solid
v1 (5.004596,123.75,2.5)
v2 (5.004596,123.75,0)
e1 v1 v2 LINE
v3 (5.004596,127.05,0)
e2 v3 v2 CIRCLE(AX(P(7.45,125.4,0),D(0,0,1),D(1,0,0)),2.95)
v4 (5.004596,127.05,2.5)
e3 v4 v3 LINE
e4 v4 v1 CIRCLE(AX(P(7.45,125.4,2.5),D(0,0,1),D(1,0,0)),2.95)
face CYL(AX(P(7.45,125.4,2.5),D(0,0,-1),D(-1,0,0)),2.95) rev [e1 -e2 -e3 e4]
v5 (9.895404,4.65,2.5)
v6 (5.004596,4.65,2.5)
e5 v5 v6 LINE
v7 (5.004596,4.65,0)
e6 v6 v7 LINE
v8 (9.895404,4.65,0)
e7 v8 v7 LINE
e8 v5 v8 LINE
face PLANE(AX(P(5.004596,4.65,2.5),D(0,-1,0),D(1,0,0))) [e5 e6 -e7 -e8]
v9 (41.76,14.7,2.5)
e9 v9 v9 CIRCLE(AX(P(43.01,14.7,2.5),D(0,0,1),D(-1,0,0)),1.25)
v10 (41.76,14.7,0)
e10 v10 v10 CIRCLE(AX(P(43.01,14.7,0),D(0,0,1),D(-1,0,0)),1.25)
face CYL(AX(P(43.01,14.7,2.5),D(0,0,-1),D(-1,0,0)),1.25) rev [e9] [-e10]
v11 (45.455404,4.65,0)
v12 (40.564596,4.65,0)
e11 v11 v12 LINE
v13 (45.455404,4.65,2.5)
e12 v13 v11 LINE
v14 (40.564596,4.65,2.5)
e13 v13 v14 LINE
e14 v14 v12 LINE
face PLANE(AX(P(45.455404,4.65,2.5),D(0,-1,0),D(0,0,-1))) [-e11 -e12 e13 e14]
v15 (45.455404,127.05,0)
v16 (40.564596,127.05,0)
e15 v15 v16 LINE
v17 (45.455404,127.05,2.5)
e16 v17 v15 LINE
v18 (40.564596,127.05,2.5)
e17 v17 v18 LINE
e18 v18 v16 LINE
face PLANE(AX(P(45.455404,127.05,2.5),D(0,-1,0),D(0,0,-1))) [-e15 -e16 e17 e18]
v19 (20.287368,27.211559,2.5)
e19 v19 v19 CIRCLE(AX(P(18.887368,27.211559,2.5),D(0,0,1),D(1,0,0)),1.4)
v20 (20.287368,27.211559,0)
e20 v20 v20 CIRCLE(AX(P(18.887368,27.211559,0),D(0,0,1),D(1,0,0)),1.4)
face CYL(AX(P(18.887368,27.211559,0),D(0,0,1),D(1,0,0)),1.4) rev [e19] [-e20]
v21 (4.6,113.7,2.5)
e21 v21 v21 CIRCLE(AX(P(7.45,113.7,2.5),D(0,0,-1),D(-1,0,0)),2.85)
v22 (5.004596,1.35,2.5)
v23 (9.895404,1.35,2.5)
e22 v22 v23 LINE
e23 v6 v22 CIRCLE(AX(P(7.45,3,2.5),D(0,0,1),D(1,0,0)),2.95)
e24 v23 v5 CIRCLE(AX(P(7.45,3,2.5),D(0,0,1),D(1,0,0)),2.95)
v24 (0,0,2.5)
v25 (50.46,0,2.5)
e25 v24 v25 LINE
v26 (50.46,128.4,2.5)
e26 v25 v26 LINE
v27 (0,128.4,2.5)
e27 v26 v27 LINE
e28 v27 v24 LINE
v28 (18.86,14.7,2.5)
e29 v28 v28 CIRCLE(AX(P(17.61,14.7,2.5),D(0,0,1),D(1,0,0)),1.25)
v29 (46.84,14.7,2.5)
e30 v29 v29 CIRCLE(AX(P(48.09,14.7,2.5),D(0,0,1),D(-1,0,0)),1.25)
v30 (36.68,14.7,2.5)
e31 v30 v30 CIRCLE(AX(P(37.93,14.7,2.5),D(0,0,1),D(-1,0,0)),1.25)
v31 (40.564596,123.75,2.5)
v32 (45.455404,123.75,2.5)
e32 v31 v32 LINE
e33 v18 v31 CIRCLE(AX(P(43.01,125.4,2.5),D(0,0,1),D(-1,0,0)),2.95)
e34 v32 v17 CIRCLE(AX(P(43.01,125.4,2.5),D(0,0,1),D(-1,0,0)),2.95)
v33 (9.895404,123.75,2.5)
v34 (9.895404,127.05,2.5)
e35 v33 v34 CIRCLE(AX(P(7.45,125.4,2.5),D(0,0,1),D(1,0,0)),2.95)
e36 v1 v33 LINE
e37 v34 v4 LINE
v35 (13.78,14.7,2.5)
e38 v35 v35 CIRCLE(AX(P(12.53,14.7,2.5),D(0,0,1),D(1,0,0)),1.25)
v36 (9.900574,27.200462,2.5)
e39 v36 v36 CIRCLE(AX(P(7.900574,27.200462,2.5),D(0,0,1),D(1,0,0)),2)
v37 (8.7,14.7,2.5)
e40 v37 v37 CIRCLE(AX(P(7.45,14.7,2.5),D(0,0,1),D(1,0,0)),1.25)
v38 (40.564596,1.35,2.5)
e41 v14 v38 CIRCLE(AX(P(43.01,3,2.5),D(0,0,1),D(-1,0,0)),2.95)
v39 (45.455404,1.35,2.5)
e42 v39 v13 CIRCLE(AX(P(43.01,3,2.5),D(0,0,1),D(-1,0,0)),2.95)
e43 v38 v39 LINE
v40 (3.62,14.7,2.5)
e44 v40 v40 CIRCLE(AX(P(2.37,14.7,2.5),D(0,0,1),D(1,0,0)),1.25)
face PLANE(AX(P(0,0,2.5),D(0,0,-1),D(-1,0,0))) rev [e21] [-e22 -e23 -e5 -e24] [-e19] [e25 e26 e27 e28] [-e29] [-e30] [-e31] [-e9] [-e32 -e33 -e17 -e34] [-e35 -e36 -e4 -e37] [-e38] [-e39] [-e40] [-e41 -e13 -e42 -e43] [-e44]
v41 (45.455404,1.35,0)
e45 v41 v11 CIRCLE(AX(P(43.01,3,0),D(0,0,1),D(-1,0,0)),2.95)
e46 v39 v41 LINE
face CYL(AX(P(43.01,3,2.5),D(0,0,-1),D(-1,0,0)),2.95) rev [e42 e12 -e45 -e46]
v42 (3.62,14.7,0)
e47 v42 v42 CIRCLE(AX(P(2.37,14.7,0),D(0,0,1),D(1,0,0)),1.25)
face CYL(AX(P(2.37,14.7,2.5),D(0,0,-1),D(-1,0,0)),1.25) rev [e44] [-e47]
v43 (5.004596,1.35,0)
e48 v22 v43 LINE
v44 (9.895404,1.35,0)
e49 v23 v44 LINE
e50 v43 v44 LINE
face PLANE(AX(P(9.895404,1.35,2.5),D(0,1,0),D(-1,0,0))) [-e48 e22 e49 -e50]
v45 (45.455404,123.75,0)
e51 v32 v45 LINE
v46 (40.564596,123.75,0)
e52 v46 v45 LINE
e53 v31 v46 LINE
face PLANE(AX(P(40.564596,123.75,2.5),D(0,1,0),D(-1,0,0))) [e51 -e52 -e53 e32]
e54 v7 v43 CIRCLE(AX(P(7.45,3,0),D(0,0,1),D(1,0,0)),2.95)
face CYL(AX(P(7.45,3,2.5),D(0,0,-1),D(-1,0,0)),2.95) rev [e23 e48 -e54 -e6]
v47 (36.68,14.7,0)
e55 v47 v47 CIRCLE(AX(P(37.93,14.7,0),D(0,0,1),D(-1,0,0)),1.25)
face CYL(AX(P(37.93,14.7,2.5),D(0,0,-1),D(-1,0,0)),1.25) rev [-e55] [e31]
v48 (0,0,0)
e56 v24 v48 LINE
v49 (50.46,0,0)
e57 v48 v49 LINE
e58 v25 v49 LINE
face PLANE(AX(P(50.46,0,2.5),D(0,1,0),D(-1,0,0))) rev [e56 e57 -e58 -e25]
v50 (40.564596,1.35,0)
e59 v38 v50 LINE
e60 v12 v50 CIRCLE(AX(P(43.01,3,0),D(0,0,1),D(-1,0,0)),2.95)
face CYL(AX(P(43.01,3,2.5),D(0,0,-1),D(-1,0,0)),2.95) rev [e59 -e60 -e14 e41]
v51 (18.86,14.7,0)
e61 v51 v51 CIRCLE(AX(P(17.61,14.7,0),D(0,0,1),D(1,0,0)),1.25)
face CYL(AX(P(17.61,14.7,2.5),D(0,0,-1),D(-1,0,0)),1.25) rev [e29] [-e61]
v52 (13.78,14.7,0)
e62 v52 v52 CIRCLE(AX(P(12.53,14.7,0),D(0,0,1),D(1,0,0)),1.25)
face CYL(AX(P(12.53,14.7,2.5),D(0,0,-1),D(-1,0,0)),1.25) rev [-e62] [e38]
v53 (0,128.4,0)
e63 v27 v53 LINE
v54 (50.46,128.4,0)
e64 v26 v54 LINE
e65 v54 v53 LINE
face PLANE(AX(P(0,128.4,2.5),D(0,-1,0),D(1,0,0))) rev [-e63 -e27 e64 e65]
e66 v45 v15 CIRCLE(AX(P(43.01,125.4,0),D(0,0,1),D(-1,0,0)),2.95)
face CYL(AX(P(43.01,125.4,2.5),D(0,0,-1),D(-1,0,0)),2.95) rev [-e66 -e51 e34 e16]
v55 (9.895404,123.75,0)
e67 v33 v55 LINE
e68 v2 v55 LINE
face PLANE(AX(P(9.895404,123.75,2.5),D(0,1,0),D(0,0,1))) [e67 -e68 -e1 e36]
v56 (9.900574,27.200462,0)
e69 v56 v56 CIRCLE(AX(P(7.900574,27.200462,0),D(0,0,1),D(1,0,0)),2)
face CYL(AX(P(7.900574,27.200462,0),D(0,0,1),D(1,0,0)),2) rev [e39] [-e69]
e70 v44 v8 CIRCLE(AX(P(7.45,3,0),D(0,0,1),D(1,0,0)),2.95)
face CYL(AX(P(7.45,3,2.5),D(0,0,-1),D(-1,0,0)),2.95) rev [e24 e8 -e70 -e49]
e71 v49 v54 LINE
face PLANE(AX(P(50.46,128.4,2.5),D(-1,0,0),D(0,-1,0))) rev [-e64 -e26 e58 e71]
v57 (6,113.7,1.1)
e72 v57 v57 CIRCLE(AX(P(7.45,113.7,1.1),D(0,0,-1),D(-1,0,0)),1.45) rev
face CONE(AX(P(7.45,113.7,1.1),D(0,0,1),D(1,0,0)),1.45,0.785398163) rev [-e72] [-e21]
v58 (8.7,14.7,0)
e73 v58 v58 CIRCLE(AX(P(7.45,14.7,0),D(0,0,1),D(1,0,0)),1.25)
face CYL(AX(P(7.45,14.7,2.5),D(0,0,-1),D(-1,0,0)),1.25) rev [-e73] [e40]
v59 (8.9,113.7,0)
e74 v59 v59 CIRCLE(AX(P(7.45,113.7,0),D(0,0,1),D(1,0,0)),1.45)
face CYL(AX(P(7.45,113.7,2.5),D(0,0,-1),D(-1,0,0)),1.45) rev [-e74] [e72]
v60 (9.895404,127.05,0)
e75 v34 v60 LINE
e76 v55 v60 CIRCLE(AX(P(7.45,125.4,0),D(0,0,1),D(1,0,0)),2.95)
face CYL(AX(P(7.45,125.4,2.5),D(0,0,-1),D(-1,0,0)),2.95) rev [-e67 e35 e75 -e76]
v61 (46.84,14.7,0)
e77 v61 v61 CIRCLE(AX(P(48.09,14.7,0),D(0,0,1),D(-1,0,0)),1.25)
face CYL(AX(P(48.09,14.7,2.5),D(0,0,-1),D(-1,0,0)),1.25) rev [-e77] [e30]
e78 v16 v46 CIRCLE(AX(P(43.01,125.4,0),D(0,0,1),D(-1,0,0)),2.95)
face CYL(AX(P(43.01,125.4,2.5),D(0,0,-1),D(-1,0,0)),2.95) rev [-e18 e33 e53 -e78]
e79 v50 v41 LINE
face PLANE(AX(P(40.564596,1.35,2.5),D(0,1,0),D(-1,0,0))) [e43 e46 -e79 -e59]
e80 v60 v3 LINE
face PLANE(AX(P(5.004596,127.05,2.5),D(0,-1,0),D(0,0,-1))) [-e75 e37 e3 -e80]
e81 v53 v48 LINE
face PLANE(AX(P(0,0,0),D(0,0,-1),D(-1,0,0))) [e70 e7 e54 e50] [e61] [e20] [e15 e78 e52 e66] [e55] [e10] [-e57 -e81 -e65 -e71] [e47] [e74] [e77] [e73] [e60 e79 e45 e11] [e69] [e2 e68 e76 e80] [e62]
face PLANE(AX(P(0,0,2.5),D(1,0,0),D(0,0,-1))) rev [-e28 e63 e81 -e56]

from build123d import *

# Parameters (mm, degrees)
MODEL_W                 = 50.46
MODEL_H                 = 128.4
MODEL_R                 = 1.25
MODEL_R_2               = 1.45
BOSS_EXTRU_1_DEPTH      = 2.5
CHANFREIN1_SIZE         = 1.4
ESQUISSE1_R             = 1.4
ESQUISSE1_R_2           = 2
ENL_V_MAT_EXTRU_1_DEPTH = 138.98196114


with BuildPart() as part:
    # Model → Boss.-Extru.1 (new body)
    with BuildSketch(Plane.XY):
        with Locations((25.23, 64.2)):
            Rectangle(MODEL_W, MODEL_H)
        with Locations((2.37, 14.7)):
            Circle(MODEL_R, mode=Mode.SUBTRACT)
        with Locations((12.53, 14.7)):
            Circle(MODEL_R, mode=Mode.SUBTRACT)
        with Locations(Location((37.93, 14.7, 0), (0, 0, 180))):
            Circle(MODEL_R, mode=Mode.SUBTRACT)
        with Locations((7.45, 14.7)):
            Circle(MODEL_R, mode=Mode.SUBTRACT)
        with Locations((7.45, 113.7)):
            Circle(MODEL_R_2, mode=Mode.SUBTRACT)
        with Locations((17.61, 14.7)):
            Circle(MODEL_R, mode=Mode.SUBTRACT)
        with Locations(Location((43.01, 14.7, 0), (0, 0, 180))):
            Circle(MODEL_R, mode=Mode.SUBTRACT)
        with Locations(Location((48.09, 14.7, 0), (0, 0, 180))):
            Circle(MODEL_R, mode=Mode.SUBTRACT)
        with BuildLine():
            Line((9.895403852, 123.75), (5.004596148, 123.75))
            ThreePointArc((5.004596148, 123.75), (4.5, 125.4), (5.004596148, 127.05))
            Line((5.004596148, 127.05), (9.895403852, 127.05))
            ThreePointArc((9.895403852, 127.05), (10.4, 125.4), (9.895403852, 123.75))
        make_face(mode=Mode.SUBTRACT)
        with BuildLine():
            Line((9.895403852, 1.35), (5.004596148, 1.35))
            ThreePointArc((5.004596148, 1.35), (4.5, 3), (5.004596148, 4.65))
            Line((5.004596148, 4.65), (9.895403852, 4.65))
            ThreePointArc((9.895403852, 4.65), (10.4, 3), (9.895403852, 1.35))
        make_face(mode=Mode.SUBTRACT)
        with BuildLine():
            Line((40.564596148, 1.35), (45.455403852, 1.35))
            ThreePointArc((45.455403852, 1.35), (45.96, 3), (45.455403852, 4.65))
            Line((45.455403852, 4.65), (40.564596148, 4.65))
            ThreePointArc((40.564596148, 4.65), (40.06, 3), (40.564596148, 1.35))
        make_face(mode=Mode.SUBTRACT)
        with BuildLine():
            Line((40.564596148, 123.75), (45.455403852, 123.75))
            ThreePointArc((45.455403852, 123.75), (45.96, 125.4), (45.455403852, 127.05))
            Line((45.455403852, 127.05), (40.564596148, 127.05))
            ThreePointArc((40.564596148, 127.05), (40.06, 125.4), (40.564596148, 123.75))
        make_face(mode=Mode.SUBTRACT)
    extrude(amount=BOSS_EXTRU_1_DEPTH)

    # Chanfrein1
    chanfrein1_edges = [part.edges().sort_by_distance(p)[0] for p in [
        (6, 113.7, 2.5),
    ]]
    chamfer(chanfrein1_edges, length=CHANFREIN1_SIZE)

    # Esquisse1 → Enlèv. mat.-Extru.1 (cut, through all)
    with BuildSketch(Plane.XY.offset(2.5)):
        with Locations((18.887367925, 27.211559267)):
            Circle(ESQUISSE1_R)
        with Locations((7.900573508, 27.200461502)):
            Circle(ESQUISSE1_R_2)
    extrude(amount=-ENL_V_MAT_EXTRU_1_DEPTH, mode=Mode.SUBTRACT)


solid = part.part
